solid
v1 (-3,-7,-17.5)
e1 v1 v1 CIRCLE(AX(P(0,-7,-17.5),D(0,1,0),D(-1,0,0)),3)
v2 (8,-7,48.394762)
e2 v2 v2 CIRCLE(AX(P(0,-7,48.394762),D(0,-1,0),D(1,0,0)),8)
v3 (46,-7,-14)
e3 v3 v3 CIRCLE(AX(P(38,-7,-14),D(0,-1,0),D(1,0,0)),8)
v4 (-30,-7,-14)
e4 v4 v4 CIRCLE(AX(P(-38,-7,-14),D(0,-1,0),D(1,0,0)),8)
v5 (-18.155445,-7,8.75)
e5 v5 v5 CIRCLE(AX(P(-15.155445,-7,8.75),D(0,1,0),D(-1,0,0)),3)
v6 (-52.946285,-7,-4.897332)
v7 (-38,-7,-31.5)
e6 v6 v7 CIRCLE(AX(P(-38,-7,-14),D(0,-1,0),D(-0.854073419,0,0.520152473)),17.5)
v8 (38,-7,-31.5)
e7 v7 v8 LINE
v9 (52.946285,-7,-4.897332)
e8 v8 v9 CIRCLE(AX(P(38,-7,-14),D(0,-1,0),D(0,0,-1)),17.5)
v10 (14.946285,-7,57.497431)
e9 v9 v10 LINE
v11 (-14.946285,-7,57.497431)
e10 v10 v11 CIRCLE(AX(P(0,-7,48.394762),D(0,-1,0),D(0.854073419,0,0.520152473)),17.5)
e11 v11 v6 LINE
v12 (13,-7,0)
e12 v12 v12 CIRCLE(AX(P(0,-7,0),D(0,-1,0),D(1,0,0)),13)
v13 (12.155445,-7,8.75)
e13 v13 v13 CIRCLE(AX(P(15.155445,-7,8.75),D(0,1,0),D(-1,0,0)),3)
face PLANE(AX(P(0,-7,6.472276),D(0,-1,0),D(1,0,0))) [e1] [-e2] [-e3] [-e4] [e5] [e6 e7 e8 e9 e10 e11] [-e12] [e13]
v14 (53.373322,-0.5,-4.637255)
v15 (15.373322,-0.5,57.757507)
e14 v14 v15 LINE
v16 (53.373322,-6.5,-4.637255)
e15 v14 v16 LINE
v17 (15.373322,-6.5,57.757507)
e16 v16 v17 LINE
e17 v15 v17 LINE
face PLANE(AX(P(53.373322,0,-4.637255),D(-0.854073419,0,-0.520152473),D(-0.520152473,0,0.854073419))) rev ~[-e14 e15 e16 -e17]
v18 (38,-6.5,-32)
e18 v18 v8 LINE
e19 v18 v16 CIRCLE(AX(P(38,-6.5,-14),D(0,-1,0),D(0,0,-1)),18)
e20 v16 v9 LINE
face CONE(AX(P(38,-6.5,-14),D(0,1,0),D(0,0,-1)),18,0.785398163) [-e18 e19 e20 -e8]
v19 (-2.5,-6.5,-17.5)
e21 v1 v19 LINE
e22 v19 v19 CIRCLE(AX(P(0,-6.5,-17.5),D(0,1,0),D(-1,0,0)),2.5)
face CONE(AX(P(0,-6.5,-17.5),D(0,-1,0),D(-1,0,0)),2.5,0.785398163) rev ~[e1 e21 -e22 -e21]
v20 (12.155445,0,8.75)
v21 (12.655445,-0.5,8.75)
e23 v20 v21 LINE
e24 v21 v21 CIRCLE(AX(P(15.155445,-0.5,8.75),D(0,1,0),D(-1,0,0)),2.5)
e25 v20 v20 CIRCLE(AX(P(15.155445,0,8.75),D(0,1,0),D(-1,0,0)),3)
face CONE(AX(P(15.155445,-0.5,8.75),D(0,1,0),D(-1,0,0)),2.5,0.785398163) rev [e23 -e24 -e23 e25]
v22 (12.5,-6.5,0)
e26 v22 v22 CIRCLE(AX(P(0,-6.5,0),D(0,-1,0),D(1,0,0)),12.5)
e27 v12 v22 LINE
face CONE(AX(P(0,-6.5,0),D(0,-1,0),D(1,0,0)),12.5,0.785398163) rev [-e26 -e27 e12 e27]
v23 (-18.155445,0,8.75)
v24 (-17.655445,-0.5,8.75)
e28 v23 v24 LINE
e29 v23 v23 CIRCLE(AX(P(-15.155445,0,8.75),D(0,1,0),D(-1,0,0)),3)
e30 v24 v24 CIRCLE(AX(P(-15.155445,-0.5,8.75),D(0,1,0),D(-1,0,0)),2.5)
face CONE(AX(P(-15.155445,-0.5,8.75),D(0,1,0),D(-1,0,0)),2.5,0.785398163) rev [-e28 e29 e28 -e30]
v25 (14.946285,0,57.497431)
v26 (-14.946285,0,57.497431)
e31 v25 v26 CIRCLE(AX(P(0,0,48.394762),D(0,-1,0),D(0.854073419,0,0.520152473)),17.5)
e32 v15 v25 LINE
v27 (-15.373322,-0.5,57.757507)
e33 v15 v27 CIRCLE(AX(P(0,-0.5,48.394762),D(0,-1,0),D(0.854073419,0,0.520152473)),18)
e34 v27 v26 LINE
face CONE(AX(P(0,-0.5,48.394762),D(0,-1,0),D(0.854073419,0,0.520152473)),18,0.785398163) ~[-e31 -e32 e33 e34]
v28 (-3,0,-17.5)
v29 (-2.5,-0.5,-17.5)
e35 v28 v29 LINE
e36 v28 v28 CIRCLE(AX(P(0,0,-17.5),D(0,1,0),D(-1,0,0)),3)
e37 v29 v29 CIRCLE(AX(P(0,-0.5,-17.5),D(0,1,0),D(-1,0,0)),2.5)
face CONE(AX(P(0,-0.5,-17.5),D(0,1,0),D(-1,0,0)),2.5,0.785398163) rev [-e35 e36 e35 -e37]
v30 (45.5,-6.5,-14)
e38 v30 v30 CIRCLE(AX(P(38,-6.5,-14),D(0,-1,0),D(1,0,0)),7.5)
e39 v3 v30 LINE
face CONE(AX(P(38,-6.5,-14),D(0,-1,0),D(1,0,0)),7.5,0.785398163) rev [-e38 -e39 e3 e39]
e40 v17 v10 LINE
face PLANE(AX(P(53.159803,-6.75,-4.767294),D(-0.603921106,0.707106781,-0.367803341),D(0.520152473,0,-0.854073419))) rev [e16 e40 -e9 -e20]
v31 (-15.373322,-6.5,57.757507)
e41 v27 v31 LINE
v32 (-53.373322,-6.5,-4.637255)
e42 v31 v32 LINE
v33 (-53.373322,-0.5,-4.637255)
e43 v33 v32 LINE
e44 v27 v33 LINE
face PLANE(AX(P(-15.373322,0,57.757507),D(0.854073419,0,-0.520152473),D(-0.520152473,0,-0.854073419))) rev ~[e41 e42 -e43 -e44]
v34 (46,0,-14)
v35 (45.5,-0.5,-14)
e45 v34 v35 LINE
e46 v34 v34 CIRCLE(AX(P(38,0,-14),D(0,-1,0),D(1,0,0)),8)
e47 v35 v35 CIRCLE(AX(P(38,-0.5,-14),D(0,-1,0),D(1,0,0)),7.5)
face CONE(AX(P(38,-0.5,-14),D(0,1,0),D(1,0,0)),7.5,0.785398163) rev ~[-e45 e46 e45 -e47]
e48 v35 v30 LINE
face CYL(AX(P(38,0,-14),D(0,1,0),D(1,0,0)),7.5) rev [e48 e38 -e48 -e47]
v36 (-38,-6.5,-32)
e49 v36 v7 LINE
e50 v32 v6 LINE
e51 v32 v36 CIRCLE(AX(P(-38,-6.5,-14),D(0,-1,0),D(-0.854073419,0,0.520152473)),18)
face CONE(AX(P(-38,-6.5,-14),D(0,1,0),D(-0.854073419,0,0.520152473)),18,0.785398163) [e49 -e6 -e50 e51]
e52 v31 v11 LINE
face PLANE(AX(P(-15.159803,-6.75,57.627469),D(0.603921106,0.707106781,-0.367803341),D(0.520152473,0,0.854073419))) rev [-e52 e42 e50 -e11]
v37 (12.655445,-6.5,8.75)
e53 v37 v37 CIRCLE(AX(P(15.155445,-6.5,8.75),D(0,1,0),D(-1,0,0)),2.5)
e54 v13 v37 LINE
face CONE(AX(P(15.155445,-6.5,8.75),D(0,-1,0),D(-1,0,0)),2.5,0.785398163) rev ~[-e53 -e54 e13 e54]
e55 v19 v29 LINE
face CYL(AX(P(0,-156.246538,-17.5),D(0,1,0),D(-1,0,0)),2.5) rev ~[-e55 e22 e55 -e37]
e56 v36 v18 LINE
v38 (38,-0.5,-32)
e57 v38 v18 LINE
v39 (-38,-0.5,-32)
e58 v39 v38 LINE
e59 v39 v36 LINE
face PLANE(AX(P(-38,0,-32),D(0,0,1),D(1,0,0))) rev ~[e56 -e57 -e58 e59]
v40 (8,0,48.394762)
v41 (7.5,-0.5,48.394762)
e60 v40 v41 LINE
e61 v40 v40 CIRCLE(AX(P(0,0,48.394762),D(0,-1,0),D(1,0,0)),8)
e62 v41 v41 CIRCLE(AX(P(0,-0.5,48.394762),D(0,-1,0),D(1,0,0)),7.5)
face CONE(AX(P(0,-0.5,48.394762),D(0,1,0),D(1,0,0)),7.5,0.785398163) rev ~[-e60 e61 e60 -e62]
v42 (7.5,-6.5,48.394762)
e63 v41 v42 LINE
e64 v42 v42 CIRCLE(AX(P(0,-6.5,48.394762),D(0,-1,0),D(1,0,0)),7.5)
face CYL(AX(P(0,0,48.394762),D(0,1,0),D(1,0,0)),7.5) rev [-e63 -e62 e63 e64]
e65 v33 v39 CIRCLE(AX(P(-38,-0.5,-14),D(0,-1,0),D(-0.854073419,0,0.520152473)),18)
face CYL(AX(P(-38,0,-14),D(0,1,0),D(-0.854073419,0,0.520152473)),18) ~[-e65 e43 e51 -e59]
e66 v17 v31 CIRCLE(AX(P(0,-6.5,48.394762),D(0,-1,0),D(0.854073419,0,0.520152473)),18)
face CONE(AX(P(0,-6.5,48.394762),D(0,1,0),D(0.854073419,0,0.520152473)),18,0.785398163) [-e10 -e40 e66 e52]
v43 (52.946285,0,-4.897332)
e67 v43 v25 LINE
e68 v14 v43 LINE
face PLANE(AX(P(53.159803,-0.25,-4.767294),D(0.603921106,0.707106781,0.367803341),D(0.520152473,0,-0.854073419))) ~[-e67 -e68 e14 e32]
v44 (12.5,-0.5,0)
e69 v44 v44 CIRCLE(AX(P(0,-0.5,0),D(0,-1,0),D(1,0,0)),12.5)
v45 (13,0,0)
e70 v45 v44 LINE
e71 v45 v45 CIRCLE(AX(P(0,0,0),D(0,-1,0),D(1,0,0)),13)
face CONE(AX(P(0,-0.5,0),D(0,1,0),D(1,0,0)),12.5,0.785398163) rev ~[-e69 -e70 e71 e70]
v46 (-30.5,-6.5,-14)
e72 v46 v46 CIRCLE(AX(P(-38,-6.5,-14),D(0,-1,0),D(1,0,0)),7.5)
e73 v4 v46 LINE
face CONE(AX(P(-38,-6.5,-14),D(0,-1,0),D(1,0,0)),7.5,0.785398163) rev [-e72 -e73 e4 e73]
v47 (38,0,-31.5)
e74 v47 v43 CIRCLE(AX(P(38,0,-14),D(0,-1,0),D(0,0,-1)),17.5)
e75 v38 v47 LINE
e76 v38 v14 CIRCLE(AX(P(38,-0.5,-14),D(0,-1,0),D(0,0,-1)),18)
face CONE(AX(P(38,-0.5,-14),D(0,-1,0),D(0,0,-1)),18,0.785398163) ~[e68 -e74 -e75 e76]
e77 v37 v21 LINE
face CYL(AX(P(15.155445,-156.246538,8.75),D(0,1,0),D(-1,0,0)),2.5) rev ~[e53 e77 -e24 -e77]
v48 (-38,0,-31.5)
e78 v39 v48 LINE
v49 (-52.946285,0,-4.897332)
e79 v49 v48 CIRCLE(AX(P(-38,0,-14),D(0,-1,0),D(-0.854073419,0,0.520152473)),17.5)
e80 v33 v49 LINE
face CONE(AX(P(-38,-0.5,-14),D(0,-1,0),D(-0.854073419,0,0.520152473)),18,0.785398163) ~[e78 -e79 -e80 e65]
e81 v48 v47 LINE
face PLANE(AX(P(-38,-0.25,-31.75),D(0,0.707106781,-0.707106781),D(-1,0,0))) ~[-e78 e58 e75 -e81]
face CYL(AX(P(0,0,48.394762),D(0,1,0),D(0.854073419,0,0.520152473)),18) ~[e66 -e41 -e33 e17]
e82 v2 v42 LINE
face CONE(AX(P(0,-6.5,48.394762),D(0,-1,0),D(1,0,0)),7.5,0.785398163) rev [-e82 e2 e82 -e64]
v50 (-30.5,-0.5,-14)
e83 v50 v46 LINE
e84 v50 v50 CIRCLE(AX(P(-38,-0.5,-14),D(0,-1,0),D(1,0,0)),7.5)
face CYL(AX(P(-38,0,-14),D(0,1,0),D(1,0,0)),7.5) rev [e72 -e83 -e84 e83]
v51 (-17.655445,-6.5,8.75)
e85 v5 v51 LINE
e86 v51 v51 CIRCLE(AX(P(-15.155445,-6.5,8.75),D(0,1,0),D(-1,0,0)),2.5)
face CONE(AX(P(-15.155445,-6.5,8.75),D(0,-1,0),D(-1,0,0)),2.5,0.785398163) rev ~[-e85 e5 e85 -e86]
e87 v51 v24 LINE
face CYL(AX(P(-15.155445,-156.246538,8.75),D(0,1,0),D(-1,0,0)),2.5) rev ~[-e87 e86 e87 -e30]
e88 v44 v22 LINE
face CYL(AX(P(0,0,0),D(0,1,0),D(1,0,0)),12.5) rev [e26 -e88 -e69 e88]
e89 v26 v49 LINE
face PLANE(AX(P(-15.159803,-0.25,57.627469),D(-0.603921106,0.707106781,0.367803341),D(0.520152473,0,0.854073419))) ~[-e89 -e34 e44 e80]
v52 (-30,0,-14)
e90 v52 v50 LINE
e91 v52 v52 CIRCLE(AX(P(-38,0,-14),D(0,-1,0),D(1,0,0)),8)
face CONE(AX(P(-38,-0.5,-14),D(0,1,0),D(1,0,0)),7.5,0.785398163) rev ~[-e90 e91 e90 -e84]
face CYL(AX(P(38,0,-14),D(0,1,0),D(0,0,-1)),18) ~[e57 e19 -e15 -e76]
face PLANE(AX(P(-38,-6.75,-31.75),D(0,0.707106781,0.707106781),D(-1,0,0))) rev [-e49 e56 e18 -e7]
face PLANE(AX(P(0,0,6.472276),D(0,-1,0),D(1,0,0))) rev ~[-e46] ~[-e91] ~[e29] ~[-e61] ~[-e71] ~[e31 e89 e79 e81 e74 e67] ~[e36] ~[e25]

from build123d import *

# Parameters (mm, degrees)
F0_R     = 7.5
F0_R_2   = 12.5
F1_DEPTH = 7
F3_D     = 5
F4_SIZE  = 0.5


with BuildPart() as f1:
    # F0 (on Front) → F1 (new body)
    with BuildSketch(Plane.XZ):
        with BuildLine():
            ThreePointArc((-53.3733215365, -4.6372554806), (-53.6928232219, -22.8167624061), (-38, -32))
            Line((-38, -32), (38, -32))
            ThreePointArc((38, -32), (53.6928232219, -22.8167624061), (53.3733215365, -4.6372554806))
            Line((53.3733215365, -4.6372554806), (15.3733215365, 57.7575067788))
            ThreePointArc((15.3733215365, 57.7575067788), (0, 66.3947622594), (-15.3733215365, 57.7575067788))
            Line((-15.3733215365, 57.7575067788), (-53.3733215365, -4.6372554806))
        make_face()
        with Locations((-38, -14)):
            Circle(F0_R, mode=Mode.SUBTRACT)
        with Locations((38, -14)):
            Circle(F0_R, mode=Mode.SUBTRACT)
        Circle(F0_R_2, mode=Mode.SUBTRACT)
        with Locations((0, 48.3947622594)):
            Circle(F0_R, mode=Mode.SUBTRACT)
    extrude(amount=F1_DEPTH)

    # F3 (through all)
    with Locations(Plane.XZ.offset(7)):
        with Locations((-15.1554445662, 8.75), (15.1554445662, 8.75), (0, -17.5)):
            Hole(F3_D / 2)

    # F4
    f4_edges = [f1.edges().sort_by_distance(p)[0] for p in [
        (-53.692823, -7, -22.816762),
        (-34.373322, -7, 26.560126),
        (0, -7, -32),
        (0, -7, 66.394762),
        (53.692823, -7, -22.816762),
        (34.373322, -7, 26.560126),
        (-45.5, -7, -14),
        (-17.655445, -7, 8.75),
        (-2.5, -7, -17.5),
        (30.5, -7, -14),
        (-12.5, -7, 0),
        (12.655445, -7, 8.75),
        (-7.5, -7, 48.394762),
        (-53.692823, 0, -22.816762),
        (-34.373322, 0, 26.560126),
        (0, 0, -32),
        (0, 0, 66.394762),
        (53.692823, 0, -22.816762),
        (34.373322, 0, 26.560126),
        (-45.5, 0, -14),
        (-17.655445, 0, 8.75),
        (-2.5, 0, -17.5),
        (30.5, 0, -14),
        (-12.5, 0, 0),
        (12.655445, 0, 8.75),
        (-7.5, 0, 48.394762),
    ]]
    chamfer(f4_edges, length=F4_SIZE)


solid = f1.part
